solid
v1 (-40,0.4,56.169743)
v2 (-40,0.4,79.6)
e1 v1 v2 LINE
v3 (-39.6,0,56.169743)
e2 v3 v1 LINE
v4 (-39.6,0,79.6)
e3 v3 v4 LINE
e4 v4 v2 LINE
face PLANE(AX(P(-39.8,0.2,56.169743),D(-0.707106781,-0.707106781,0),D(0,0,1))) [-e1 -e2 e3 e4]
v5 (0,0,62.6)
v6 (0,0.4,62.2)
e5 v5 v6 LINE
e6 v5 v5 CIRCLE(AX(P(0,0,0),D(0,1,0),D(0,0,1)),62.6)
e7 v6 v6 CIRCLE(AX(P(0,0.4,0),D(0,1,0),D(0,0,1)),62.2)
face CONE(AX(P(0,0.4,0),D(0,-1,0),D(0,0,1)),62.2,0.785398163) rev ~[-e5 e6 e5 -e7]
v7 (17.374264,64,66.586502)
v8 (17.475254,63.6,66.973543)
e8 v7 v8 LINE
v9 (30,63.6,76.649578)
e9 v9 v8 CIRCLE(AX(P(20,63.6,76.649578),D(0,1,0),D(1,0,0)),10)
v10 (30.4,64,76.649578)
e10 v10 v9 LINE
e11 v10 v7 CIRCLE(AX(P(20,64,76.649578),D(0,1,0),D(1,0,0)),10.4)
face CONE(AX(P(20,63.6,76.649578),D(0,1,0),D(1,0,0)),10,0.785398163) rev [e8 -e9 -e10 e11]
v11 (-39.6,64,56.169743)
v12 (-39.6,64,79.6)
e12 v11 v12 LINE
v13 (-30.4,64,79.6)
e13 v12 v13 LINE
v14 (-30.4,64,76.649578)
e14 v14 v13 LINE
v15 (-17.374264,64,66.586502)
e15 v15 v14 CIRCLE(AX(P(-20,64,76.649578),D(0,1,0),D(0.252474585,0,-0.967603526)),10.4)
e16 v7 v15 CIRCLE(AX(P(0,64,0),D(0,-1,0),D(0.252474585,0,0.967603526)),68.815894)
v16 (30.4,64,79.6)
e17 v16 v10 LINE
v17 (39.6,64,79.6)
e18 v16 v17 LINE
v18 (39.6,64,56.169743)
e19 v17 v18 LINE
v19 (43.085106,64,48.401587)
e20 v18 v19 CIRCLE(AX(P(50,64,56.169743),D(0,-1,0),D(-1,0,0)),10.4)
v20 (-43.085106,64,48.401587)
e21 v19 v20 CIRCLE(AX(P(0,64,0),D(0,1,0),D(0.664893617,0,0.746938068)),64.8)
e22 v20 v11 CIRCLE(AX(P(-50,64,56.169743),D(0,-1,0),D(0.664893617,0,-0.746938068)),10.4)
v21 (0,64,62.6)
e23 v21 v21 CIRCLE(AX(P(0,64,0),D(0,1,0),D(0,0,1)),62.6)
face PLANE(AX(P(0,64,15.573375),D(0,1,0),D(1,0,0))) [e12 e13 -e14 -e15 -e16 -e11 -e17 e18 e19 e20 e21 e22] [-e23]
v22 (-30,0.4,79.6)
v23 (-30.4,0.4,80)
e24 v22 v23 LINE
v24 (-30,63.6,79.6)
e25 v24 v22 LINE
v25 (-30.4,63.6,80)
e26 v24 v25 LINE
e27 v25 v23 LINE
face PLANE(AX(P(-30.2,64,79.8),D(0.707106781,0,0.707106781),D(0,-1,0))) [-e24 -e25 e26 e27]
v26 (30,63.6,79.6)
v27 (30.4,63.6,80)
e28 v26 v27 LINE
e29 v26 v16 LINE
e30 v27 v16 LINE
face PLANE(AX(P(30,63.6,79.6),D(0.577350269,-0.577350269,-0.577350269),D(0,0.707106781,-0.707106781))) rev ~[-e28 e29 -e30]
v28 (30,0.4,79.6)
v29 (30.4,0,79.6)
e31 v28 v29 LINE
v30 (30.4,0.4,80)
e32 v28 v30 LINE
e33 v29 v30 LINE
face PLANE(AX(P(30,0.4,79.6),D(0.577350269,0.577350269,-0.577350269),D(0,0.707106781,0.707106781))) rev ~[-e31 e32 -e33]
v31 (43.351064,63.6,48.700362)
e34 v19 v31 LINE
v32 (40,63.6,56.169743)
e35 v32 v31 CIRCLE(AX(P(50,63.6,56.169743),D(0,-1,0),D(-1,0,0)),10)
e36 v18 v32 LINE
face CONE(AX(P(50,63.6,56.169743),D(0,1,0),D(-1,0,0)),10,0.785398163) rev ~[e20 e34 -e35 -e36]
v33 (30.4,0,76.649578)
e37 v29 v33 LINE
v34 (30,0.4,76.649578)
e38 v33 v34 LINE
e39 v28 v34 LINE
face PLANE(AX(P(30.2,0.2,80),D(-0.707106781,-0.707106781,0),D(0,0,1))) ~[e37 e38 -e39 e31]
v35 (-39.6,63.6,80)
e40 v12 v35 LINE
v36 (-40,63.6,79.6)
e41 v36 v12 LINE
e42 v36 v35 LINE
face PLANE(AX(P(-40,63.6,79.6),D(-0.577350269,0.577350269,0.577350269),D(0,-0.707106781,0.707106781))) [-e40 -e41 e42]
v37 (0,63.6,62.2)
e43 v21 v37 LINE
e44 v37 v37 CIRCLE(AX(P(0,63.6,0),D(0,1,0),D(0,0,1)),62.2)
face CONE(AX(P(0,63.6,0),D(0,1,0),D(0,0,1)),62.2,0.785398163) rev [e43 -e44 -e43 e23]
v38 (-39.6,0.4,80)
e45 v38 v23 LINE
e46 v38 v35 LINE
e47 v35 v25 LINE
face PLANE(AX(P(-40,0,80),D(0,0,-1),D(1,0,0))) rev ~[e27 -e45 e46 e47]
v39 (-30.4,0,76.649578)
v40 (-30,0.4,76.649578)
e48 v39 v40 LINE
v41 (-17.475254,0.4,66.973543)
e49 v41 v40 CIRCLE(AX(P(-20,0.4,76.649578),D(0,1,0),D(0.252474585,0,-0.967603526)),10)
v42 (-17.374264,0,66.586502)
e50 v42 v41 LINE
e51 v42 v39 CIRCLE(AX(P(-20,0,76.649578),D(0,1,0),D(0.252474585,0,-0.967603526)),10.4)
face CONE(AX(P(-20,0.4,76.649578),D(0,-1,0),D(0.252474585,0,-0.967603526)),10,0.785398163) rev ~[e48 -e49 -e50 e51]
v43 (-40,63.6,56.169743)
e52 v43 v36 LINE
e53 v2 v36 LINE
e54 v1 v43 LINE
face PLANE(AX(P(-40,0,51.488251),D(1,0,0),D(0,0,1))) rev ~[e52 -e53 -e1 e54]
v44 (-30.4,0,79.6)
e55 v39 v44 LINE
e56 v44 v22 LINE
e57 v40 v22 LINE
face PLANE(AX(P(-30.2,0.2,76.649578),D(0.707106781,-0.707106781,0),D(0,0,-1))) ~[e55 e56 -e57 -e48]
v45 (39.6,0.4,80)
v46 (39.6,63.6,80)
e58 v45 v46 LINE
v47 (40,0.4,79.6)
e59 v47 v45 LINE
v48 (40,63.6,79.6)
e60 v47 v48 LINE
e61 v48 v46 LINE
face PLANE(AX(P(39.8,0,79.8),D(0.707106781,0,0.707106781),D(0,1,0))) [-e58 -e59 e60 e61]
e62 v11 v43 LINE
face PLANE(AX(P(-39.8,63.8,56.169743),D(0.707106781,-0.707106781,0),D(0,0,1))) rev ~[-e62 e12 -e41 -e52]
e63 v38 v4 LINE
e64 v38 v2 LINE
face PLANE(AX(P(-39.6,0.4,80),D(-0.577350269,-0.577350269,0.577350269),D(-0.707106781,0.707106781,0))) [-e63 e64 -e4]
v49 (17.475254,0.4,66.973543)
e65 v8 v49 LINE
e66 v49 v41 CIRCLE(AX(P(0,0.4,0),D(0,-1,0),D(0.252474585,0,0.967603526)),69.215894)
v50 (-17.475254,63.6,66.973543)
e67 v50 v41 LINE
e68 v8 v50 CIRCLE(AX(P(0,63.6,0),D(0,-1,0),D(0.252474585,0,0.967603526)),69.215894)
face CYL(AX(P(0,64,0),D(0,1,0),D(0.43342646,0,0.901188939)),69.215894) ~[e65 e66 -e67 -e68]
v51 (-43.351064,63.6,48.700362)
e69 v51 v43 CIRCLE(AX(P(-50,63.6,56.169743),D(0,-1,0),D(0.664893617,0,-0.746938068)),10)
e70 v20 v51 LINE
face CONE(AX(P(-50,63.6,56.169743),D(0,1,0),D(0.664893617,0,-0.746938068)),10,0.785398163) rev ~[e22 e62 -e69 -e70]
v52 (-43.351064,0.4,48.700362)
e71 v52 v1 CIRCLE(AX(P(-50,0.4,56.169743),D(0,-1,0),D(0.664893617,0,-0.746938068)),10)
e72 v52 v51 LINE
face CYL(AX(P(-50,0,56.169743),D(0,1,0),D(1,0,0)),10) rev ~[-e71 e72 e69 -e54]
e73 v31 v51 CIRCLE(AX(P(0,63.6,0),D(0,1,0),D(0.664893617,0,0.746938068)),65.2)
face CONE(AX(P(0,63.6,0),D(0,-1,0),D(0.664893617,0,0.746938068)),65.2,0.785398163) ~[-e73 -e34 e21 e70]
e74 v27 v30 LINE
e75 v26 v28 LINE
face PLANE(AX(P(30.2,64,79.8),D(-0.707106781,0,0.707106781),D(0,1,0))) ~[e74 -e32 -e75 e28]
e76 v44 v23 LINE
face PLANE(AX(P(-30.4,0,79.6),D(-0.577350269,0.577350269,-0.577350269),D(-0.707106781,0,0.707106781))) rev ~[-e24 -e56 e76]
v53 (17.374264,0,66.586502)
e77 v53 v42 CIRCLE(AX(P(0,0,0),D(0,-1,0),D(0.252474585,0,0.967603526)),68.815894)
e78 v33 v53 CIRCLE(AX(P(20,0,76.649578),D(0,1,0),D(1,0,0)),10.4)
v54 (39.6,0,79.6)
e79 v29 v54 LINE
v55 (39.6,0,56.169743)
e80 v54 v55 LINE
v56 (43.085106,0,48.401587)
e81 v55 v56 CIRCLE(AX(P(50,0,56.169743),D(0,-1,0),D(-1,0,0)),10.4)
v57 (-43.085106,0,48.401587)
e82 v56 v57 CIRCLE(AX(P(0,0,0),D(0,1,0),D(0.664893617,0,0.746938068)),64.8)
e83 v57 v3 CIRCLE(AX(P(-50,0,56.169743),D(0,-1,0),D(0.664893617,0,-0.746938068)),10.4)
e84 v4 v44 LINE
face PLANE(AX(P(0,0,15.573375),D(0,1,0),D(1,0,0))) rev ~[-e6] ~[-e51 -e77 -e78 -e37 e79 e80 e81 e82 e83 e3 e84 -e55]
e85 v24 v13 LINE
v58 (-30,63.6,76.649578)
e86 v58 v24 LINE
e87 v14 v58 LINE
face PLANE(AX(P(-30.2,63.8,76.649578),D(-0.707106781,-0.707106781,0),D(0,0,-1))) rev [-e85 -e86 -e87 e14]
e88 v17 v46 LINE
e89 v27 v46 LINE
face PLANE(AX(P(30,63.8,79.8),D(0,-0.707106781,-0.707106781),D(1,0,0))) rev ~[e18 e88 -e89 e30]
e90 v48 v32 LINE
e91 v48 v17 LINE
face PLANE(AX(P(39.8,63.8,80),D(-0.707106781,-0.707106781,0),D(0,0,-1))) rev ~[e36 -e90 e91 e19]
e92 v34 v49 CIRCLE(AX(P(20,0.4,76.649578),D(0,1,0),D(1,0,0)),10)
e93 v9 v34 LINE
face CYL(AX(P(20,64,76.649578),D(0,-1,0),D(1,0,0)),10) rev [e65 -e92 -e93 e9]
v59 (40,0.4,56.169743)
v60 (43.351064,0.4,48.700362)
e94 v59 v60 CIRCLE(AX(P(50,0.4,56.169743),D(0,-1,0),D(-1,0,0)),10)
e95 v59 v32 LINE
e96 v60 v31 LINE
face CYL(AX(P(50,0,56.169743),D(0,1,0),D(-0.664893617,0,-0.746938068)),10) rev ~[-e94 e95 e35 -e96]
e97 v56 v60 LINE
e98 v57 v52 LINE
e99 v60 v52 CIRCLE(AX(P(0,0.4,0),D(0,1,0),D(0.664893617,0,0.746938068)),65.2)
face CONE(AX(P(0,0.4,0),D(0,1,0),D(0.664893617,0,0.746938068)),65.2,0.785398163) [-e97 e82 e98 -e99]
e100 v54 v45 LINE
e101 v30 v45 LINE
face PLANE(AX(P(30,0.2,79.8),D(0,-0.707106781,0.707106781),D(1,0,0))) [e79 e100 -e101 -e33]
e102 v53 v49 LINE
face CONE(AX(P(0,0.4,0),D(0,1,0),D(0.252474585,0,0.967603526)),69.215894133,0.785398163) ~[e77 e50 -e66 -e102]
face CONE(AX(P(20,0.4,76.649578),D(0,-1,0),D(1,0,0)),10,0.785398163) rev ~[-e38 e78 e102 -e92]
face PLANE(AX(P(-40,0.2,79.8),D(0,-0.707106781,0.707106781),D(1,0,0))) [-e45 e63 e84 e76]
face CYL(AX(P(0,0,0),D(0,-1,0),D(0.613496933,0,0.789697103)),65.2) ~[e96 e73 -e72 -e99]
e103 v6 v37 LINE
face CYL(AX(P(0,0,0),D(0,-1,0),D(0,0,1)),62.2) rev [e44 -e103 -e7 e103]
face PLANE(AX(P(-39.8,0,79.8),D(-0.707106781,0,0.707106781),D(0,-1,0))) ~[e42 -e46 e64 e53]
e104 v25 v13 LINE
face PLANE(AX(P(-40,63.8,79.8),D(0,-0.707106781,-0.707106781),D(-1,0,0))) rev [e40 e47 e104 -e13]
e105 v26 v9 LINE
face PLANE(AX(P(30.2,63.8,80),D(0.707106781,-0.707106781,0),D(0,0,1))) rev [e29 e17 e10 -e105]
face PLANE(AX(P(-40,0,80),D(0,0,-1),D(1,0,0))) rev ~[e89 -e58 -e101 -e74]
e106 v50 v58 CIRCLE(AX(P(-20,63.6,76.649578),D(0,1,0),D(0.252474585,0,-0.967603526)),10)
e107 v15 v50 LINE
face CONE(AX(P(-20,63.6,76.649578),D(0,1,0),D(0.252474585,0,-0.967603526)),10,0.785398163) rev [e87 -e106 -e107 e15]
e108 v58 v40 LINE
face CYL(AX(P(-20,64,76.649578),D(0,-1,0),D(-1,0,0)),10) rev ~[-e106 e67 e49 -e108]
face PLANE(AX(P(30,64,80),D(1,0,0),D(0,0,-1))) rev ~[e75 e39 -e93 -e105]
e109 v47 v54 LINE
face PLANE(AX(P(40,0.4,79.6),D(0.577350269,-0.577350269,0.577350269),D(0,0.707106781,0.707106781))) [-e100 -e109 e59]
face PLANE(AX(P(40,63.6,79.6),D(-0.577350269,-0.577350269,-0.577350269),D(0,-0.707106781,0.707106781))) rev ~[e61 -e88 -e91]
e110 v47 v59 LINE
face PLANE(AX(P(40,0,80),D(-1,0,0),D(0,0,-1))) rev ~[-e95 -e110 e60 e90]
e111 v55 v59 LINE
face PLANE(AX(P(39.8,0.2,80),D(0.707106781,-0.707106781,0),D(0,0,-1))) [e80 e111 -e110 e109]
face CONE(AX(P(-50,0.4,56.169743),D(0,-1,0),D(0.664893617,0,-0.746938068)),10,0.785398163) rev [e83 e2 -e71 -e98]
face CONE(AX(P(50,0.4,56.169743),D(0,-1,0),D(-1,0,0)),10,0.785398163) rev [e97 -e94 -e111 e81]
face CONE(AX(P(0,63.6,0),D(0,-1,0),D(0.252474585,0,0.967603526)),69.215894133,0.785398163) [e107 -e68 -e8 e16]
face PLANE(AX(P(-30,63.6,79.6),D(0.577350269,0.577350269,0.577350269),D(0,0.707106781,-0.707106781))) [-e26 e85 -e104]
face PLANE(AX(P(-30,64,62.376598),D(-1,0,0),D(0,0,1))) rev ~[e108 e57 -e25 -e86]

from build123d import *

# Parameters (mm, degrees)
SKETCH_1_R          = 62.2
EXTRUDE_2_DEPTH     = 64
CUT_EXTRUDE_1_DEPTH = 122.437391276
FILLET_1_R          = 10
CHAMFER_1_SIZE      = 0.4


with BuildPart() as part:
    # 草图1 → 凸台-拉伸2 (new body)
    with BuildSketch(Plane(origin=(0, 0, 0), x_dir=(1, 0, 0), z_dir=(0, 1, 0))):
        with BuildLine():
            Line((-40, -51.488251087), (-40, -80))
            Line((-40, -80), (40, -80))
            Line((40, -80), (40, -51.488251087))
            ThreePointArc((40, -51.488251087), (0, 65.2), (-40, -51.488251087))
        make_face()
        with Locations(Location((0, 0, 0), (0, 0, 270))):
            Circle(SKETCH_1_R, mode=Mode.SUBTRACT)
    extrude(amount=EXTRUDE_2_DEPTH)

    # 草图2 → 切除-拉伸1 (cut, through all)
    with BuildSketch(Plane(origin=(0, 64, 0), x_dir=(1, 0, 0), z_dir=(0, 1, 0))):
        with BuildLine():
            Line((-30, -80), (30, -80))
            Line((30, -80), (30, -62.376598176))
            ThreePointArc((30, -62.376598176), (0, -69.215894128), (-30, -62.376598176))
            Line((-30, -62.376598176), (-30, -80))
        make_face()
    extrude(amount=-CUT_EXTRUDE_1_DEPTH, mode=Mode.SUBTRACT)

    # 圆角1
    fillet_1_edges = [part.edges().sort_by_distance(p)[0] for p in [
        (-30, 32, 62.376598176),
        (30, 32, 62.376598176),
        (-40, 32, 51.488251087),
        (40, 32, 51.488251087),
    ]]
    fillet(fillet_1_edges, radius=FILLET_1_R)

    # 倒角1
    chamfer_1_edges = [part.edges().sort_by_distance(p)[0] for p in [
        (0, 0, -62.2),
        (0, 64, -62.2),
        (-35, 64, 80),
        (35, 0, 80),
        (35, 64, 80),
        (-30, 32, 80),
        (30, 0, 78.324789245),
        (30, 32, 80),
        (30, 64, 78.324789245),
        (-30, 64, 78.324789245),
        (-30, 0, 78.324789245),
        (0, 64, 69.215894128),
        (0, 0, 69.215894128),
        (0, 0, -65.2),
        (0, 64, -65.2),
        (-40, 0, 68.084871372),
        (-40, 64, 68.084871372),
        (-26.113613559, 64, 68.736062883),
        (-26.113613559, 0, 68.736062883),
        (26.113613559, 64, 68.736062883),
        (26.113613559, 0, 68.736062883),
        (40.876147697, 0, 52.076416573),
        (40.876147697, 64, 52.076416573),
        (-40.876147697, 0, 52.076416573),
        (-40.876147697, 64, 52.076416573),
        (40, 64, 68.084871372),
        (-35, 0, 80),
        (40, 0, 68.084871372),
        (40, 32, 80),
        (-40, 32, 80),
    ]]
    chamfer(chamfer_1_edges, length=CHAMFER_1_SIZE)


solid = part.part
